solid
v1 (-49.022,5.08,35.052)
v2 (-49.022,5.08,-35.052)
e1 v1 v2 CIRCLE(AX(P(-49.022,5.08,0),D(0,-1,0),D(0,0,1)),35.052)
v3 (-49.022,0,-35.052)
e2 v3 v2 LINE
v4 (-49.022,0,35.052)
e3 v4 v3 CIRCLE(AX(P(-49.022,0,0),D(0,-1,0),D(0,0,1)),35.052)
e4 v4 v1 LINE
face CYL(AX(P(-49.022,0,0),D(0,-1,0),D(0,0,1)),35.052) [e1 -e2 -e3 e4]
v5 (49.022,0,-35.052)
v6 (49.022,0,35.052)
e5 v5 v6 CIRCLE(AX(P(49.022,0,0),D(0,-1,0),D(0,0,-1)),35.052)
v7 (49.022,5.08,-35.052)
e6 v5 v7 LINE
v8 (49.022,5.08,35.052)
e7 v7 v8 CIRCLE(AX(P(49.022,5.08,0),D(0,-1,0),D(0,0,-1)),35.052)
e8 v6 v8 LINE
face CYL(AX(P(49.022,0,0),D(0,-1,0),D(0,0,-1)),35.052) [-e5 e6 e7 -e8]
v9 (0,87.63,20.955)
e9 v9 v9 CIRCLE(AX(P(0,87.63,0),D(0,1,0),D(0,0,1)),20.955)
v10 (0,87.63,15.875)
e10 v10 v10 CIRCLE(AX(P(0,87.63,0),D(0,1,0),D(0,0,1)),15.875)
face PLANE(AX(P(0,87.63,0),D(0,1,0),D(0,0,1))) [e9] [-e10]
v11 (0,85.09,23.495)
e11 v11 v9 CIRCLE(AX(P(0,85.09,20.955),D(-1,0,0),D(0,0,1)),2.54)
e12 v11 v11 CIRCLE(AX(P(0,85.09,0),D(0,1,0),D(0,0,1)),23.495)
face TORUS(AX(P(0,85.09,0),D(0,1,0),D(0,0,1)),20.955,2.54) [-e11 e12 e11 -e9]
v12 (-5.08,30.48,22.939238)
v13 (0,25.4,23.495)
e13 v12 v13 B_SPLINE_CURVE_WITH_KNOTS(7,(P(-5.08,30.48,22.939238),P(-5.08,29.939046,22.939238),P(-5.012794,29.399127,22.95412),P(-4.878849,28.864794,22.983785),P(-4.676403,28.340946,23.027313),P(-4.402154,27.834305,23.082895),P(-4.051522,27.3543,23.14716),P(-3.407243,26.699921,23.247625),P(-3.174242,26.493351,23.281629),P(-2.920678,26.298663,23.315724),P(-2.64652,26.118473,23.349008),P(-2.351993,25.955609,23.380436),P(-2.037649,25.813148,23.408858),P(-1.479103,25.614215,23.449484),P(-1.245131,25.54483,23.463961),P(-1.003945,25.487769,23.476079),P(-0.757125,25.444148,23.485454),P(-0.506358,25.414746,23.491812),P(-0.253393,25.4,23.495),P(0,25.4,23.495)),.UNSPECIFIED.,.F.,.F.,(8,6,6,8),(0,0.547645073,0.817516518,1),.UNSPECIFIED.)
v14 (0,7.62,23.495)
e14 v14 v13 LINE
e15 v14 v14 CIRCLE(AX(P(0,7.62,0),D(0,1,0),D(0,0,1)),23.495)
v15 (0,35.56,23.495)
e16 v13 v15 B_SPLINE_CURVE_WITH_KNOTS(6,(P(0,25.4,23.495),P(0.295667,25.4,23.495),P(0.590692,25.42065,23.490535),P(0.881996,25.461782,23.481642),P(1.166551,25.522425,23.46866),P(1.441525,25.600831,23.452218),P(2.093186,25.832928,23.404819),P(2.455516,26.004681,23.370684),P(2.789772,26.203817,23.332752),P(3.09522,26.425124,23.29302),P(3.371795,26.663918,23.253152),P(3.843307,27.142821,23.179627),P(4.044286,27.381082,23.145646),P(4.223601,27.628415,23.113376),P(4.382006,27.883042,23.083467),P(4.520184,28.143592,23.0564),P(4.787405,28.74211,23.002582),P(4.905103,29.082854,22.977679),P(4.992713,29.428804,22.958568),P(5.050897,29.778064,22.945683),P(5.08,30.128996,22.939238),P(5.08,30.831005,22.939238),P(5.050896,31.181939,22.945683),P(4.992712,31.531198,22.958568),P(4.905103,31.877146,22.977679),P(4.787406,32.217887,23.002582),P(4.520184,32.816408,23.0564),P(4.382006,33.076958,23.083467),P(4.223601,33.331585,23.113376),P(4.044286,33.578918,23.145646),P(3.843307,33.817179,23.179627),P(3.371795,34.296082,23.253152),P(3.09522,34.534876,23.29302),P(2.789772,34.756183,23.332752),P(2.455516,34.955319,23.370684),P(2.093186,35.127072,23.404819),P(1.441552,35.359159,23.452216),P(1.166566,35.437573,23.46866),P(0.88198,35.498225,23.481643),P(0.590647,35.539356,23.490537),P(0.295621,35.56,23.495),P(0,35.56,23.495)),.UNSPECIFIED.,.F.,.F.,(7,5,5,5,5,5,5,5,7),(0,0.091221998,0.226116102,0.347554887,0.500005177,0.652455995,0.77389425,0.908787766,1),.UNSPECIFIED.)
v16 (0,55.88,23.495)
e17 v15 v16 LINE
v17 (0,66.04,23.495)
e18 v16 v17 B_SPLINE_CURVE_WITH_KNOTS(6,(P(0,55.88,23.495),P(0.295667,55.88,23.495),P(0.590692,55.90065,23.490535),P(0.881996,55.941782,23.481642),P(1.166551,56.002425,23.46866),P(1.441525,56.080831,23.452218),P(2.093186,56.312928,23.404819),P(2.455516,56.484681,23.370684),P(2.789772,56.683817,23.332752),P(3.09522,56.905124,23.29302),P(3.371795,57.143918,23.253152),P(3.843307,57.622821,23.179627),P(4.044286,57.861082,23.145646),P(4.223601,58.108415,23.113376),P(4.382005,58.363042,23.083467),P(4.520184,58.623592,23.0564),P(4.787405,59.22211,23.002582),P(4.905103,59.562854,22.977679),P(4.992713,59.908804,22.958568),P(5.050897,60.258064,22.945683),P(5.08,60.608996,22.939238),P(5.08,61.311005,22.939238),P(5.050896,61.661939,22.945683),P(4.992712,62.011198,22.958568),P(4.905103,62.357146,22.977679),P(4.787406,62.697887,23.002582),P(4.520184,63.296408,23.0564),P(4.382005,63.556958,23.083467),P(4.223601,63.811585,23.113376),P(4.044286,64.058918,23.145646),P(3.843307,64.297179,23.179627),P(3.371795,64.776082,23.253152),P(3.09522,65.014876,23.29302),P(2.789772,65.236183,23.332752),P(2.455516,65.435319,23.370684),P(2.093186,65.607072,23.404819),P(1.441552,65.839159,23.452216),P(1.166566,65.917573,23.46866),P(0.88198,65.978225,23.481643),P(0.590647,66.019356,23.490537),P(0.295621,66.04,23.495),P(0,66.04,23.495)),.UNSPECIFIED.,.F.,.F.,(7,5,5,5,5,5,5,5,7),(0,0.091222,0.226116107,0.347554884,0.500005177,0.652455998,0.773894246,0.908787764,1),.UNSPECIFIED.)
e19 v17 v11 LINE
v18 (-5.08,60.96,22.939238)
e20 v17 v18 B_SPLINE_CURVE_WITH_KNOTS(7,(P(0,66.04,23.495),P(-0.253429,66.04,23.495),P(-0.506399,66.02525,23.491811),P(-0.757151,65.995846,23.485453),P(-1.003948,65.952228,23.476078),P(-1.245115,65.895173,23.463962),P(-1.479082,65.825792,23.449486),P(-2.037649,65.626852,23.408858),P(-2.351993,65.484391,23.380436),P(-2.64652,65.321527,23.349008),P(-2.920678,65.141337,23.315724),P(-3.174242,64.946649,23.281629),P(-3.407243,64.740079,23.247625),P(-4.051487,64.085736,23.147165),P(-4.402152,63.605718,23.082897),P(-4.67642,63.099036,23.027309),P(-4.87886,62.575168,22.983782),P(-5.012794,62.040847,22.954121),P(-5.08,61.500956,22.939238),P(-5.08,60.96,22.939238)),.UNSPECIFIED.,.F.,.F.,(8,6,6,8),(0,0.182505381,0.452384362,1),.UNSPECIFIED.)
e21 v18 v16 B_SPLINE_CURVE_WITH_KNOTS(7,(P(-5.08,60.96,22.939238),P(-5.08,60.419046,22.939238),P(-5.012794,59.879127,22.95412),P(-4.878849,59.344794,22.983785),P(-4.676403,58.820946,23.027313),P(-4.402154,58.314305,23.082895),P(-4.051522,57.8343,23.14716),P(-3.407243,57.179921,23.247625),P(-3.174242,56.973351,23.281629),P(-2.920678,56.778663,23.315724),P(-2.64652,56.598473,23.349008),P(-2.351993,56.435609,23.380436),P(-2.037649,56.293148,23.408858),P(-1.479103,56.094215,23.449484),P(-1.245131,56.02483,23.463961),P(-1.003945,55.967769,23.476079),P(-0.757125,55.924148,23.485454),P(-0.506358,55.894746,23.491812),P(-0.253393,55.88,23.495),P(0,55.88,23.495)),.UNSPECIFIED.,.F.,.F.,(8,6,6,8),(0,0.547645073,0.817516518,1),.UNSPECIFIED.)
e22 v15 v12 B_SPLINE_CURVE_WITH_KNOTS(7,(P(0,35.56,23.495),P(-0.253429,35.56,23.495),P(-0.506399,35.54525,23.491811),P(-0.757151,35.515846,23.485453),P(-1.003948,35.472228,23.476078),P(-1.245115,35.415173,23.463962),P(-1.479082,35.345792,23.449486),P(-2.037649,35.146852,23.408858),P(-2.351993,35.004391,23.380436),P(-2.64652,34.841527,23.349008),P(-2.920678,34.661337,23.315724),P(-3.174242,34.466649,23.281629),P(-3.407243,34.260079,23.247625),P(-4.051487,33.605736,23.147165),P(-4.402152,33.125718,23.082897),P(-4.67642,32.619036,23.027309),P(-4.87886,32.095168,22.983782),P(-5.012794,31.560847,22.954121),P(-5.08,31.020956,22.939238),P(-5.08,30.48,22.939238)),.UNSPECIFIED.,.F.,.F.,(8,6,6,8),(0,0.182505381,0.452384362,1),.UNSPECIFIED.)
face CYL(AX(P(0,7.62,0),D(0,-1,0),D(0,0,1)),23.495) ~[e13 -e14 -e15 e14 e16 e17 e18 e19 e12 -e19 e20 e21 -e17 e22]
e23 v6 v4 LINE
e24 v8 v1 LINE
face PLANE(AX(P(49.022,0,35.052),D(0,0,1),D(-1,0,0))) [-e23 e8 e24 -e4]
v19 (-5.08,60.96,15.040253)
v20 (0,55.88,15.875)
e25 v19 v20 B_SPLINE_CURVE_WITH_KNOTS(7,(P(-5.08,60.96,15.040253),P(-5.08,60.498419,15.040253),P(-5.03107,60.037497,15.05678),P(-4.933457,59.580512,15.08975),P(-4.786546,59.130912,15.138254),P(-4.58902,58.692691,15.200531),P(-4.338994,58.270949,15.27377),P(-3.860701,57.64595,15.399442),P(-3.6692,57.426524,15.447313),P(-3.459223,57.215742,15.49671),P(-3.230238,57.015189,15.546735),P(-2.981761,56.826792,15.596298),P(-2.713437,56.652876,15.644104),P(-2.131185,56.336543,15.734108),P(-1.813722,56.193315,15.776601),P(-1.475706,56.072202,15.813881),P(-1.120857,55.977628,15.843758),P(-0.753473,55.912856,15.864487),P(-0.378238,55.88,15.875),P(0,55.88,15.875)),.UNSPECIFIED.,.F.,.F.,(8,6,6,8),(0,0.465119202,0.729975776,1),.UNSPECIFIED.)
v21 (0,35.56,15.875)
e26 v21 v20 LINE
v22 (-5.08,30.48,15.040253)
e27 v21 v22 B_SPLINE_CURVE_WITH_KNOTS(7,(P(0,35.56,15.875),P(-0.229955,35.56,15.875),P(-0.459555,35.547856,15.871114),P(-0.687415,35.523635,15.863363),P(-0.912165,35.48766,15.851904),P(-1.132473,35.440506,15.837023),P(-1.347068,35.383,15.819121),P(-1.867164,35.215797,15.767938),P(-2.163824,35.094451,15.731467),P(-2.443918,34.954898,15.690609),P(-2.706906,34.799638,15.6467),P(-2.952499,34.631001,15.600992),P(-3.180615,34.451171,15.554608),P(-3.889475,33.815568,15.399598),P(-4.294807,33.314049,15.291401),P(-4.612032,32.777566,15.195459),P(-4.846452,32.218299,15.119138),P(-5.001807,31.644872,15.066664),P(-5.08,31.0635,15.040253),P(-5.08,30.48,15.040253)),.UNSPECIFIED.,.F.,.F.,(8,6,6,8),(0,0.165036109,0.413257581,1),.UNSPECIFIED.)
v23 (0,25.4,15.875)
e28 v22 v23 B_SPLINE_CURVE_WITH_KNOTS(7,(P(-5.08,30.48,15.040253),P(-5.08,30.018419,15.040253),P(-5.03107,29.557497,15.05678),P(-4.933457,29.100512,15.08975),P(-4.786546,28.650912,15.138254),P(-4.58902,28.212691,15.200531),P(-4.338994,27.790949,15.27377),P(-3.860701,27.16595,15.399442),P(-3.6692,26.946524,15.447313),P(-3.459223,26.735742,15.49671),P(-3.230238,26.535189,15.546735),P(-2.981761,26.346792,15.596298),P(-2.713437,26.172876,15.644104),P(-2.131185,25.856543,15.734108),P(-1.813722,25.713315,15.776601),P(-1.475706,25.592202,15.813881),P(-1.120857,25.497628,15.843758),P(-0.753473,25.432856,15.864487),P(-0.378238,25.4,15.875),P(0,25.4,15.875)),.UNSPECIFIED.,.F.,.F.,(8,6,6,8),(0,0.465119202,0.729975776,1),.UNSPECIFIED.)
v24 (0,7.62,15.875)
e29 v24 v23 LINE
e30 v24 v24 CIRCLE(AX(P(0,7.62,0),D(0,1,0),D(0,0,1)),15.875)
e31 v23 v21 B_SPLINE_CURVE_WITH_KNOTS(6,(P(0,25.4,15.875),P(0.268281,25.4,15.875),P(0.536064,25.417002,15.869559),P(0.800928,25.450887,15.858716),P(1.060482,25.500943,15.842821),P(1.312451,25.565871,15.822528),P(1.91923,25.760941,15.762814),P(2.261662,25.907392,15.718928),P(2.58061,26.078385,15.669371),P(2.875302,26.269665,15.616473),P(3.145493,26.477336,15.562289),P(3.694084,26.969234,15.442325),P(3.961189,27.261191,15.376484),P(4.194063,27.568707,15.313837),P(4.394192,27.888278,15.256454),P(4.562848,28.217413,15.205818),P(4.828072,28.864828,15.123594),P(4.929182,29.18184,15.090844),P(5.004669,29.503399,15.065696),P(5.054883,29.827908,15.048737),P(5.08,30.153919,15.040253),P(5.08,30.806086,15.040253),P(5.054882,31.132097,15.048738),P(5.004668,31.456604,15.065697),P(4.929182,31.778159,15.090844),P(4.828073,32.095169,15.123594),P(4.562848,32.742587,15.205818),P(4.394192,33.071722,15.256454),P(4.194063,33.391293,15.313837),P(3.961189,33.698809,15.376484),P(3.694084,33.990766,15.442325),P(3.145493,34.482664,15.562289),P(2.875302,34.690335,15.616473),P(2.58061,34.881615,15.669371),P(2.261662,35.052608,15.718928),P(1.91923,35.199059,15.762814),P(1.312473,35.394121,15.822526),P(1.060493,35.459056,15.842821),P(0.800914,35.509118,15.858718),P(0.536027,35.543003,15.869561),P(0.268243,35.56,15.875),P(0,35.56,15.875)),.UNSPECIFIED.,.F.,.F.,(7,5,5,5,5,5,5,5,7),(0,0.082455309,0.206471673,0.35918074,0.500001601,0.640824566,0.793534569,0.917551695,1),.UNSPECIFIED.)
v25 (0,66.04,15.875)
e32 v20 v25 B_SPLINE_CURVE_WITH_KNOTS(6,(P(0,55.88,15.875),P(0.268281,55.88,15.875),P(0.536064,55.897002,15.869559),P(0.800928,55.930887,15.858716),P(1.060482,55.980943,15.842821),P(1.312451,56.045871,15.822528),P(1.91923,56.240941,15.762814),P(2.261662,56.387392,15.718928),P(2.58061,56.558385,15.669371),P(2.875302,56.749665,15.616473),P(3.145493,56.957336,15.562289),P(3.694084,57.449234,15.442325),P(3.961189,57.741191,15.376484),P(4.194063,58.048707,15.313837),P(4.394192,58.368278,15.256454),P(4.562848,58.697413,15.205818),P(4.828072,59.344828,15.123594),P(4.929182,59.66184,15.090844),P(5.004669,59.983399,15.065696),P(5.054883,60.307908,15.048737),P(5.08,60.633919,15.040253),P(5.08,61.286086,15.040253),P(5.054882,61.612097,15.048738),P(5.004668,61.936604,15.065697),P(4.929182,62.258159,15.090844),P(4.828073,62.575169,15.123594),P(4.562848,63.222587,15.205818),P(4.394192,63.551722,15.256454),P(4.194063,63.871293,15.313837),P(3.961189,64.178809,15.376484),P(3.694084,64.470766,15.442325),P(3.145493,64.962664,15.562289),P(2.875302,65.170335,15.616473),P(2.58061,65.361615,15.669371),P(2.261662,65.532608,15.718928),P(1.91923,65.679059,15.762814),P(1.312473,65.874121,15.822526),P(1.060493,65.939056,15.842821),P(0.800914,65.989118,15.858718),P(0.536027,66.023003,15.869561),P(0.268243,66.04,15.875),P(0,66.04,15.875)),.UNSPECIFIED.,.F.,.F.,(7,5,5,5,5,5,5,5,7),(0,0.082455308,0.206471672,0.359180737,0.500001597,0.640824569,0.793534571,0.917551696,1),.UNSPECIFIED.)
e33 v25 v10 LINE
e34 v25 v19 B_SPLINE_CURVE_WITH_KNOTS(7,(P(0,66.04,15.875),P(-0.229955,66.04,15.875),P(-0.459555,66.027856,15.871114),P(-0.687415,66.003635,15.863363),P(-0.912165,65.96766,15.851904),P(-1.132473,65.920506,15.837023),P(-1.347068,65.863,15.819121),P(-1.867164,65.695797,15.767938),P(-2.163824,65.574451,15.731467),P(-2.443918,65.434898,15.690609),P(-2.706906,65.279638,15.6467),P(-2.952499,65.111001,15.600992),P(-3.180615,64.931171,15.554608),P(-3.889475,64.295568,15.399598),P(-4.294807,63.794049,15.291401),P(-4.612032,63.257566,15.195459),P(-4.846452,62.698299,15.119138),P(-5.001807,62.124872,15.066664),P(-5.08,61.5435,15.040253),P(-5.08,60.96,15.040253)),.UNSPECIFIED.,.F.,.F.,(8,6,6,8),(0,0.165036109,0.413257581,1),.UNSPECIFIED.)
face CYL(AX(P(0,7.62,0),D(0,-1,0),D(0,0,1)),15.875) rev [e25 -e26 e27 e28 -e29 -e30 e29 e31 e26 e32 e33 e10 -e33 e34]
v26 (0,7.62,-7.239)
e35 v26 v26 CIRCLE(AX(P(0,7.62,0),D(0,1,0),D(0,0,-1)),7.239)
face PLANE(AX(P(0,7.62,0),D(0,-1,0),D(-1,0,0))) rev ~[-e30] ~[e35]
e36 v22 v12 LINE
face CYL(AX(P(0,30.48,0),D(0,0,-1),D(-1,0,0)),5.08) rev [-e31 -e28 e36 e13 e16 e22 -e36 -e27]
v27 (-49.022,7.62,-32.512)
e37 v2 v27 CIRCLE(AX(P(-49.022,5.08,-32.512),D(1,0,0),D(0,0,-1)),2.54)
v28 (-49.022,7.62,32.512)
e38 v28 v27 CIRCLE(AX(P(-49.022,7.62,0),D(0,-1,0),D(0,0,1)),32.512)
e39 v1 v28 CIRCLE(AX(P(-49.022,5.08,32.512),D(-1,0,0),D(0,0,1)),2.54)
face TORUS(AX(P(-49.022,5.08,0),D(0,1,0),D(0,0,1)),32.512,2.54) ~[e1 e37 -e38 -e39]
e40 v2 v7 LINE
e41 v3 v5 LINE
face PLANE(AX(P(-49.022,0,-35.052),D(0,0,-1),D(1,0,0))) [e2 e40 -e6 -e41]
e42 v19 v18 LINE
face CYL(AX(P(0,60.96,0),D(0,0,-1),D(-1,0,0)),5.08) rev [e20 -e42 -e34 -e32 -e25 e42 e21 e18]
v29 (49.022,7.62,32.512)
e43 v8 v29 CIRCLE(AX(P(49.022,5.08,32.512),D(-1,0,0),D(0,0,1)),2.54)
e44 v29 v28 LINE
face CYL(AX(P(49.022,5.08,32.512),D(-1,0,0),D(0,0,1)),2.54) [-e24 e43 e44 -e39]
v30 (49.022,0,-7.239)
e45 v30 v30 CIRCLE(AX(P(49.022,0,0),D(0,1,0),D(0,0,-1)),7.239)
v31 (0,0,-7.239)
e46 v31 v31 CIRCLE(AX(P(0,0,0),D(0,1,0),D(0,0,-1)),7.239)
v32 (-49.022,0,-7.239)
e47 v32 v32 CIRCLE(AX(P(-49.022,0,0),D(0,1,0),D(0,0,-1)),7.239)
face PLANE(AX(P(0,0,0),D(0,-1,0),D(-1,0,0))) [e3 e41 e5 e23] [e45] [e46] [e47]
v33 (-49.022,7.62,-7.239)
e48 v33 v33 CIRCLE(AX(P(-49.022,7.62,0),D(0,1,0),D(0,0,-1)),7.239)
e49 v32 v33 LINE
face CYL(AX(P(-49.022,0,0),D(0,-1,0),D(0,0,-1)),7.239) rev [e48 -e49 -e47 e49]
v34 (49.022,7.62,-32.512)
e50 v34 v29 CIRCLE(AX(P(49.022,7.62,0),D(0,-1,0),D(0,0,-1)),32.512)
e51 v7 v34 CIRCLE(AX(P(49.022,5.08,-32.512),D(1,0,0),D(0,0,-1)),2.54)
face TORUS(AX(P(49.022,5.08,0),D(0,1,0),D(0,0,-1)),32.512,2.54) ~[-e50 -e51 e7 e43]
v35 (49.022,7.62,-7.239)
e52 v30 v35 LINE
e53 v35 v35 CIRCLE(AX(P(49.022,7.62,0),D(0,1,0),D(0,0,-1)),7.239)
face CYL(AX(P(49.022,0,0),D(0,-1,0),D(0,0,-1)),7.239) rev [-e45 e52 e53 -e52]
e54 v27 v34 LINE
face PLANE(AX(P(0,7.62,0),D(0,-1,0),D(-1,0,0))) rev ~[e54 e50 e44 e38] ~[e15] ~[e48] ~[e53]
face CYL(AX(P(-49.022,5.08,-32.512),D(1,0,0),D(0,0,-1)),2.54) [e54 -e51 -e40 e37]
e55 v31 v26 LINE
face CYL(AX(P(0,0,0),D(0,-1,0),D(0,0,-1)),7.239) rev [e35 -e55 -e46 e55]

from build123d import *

# Parameters (mm, degrees)
SKETCH1_R           = 7.239
BOSS_EXTRUDE1_DEPTH = 7.62
SKETCH2_R           = 23.495
SKETCH2_R_2         = 15.875
BOSS_EXTRUDE2_DEPTH = 80.01
FILLET1_R           = 2.54
SKETCH4_R           = 5.08
CUT_EXTRUDE1_DEPTH  = 80.01


with BuildPart() as part:
    # Sketch1 → Boss-Extrude1 (new body)
    with BuildSketch(Plane(origin=(0, 0, 0), x_dir=(1, 0, 0), z_dir=(0, 1, 0))):
        with BuildLine():
            Line((-49.022, 35.052), (49.022, 35.052))
            ThreePointArc((49.022, 35.052), (84.074, 0), (49.022, -35.052))
            Line((49.022, -35.052), (-49.022, -35.052))
            ThreePointArc((-49.022, -35.052), (-84.074, 0), (-49.022, 35.052))
        make_face()
        with Locations(Location((-49.022, 0, 0), (0, 0, 90))):
            Circle(SKETCH1_R, mode=Mode.SUBTRACT)
        with Locations(Location((49.022, 0, 0), (0, 0, 90))):
            Circle(SKETCH1_R, mode=Mode.SUBTRACT)
        with Locations(Location((0, 0, 0), (0, 0, 90))):
            Circle(SKETCH1_R, mode=Mode.SUBTRACT)
    extrude(amount=BOSS_EXTRUDE1_DEPTH)

    # Sketch2 → Boss-Extrude2 (add)
    with BuildSketch(Plane(origin=(0, 7.62, 0), x_dir=(1, 0, 0), z_dir=(0, 1, 0))):
        with Locations(Location((0, 0, 0), (0, 0, 270))):
            Circle(SKETCH2_R)
        with Locations(Location((0, 0, 0), (0, 0, 270))):
            Circle(SKETCH2_R_2, mode=Mode.SUBTRACT)
    extrude(amount=BOSS_EXTRUDE2_DEPTH)

    # Fillet1
    fillet1_edges = [part.edges().sort_by_distance(p)[0] for p in [
        (84.074, 7.62, 0),
        (0, 7.62, -35.052),
        (0, 87.63, -23.495),
        (-84.074, 7.62, 0),
        (0, 7.62, 35.052),
    ]]
    fillet(fillet1_edges, radius=FILLET1_R)

    # Sketch4 → Cut-Extrude1 (cut)
    with BuildSketch(Plane.XY):
        with Locations(Location((0, 60.96, 0), (0, 0, 180))):
            Circle(SKETCH4_R)
        with Locations(Location((0, 30.48, 0), (0, 0, 180))):
            Circle(SKETCH4_R)
    extrude(amount=CUT_EXTRUDE1_DEPTH, mode=Mode.SUBTRACT)


solid = part.part
